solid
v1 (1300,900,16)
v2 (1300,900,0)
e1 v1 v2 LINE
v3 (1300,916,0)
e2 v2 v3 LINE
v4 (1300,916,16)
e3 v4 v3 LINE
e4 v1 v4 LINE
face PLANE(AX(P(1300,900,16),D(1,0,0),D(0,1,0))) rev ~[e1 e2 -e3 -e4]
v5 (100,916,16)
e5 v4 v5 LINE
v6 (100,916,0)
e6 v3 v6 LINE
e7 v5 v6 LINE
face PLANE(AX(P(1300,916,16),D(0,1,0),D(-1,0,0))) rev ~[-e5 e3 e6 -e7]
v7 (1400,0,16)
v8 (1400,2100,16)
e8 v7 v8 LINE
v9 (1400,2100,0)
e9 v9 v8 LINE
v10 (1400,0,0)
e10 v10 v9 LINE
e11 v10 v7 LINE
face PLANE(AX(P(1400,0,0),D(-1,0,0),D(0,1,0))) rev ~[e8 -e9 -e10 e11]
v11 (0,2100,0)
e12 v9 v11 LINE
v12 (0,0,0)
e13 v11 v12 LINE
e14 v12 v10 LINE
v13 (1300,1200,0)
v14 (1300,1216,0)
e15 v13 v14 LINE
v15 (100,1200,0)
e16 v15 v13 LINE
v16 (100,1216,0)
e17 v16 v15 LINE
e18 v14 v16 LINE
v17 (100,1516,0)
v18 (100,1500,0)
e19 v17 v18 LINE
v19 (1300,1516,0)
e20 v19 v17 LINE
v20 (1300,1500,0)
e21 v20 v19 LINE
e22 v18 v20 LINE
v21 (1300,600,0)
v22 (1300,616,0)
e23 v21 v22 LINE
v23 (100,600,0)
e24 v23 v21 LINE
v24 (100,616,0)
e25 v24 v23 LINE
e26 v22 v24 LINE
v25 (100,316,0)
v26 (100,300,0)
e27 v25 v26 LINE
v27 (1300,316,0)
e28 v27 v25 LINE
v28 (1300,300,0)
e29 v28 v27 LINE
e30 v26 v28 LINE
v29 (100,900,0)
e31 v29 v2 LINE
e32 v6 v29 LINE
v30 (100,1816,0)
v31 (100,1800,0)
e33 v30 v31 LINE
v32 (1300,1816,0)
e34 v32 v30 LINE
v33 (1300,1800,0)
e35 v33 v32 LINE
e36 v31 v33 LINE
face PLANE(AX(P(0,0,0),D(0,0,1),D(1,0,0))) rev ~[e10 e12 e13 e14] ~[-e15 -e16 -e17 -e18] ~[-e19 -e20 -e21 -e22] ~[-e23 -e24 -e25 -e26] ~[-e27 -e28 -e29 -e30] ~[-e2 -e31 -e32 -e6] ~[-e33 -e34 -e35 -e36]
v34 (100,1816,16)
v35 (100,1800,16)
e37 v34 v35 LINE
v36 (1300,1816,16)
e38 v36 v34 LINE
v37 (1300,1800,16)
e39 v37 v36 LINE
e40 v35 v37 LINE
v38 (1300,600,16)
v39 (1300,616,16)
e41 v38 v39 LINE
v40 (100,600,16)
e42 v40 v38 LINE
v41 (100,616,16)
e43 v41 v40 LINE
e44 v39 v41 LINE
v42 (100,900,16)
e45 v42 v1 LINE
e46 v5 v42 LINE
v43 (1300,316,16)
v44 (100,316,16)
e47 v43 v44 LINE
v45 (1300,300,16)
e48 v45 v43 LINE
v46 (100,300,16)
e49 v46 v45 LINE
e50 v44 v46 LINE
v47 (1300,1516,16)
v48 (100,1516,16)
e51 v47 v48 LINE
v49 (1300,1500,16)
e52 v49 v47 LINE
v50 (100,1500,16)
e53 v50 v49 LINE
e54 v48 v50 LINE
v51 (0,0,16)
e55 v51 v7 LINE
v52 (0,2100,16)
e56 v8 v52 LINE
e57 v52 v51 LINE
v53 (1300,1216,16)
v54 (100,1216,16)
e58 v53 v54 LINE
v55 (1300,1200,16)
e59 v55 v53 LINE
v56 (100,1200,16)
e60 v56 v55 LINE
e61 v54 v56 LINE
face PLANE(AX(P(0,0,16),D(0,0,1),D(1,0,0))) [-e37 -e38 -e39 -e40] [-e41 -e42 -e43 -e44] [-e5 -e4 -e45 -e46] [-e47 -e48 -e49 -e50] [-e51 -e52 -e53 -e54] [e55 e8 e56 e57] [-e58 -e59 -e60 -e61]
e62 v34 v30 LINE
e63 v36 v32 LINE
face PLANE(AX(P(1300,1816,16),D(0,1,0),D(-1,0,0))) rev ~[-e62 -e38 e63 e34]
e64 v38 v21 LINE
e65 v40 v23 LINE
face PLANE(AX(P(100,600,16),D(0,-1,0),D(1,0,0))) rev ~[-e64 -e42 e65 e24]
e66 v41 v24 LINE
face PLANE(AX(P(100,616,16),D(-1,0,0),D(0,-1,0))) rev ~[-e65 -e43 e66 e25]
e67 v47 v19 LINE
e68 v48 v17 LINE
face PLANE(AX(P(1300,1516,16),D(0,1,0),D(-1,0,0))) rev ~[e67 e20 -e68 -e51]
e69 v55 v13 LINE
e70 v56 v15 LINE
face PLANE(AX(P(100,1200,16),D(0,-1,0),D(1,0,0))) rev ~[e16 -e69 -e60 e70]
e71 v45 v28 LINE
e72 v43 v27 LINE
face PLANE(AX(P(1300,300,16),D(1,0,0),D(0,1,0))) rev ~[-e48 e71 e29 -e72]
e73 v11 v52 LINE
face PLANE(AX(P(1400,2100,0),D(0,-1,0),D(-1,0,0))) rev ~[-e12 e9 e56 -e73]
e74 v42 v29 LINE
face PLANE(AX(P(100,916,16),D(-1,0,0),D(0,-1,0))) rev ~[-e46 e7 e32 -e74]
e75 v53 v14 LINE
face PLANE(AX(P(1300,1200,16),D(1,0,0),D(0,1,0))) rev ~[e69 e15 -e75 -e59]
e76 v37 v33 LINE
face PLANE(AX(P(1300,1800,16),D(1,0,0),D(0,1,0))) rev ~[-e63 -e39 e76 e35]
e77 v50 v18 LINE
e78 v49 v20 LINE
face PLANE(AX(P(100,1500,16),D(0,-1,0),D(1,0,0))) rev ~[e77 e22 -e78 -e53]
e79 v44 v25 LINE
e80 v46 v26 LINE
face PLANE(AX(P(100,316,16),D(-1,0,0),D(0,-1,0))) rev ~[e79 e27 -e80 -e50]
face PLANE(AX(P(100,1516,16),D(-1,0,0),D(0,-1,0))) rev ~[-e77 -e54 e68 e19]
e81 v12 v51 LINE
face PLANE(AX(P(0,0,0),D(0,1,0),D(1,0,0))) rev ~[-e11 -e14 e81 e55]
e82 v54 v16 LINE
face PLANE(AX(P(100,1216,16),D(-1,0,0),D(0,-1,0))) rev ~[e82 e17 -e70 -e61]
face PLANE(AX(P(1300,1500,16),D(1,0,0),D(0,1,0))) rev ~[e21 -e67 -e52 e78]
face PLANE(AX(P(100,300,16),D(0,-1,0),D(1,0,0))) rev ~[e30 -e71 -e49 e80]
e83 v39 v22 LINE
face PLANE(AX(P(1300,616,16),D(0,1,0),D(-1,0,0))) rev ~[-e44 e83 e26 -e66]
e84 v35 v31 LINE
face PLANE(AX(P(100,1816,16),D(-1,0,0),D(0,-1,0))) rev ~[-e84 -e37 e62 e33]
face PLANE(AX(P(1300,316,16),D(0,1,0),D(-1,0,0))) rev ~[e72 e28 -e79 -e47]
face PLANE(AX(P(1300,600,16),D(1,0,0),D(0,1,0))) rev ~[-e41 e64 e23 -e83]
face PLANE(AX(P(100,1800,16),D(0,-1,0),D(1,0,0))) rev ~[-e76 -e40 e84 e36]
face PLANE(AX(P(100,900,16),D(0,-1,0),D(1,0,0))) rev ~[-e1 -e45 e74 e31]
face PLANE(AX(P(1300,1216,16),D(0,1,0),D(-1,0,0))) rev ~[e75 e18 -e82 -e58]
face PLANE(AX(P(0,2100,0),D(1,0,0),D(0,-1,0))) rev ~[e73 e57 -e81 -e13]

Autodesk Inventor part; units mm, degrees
ref_plane "YZ Plane" through (0, 0, 0) normal (1, 0, 0) x (0, 1, 0)
ref_plane "XZ Plane" through (0, 0, 0) normal (0, 1, 0) x (-1, 0, 0)
ref_plane "XY Plane" through (0, 0, 0) normal (0, 0, 1) x (1, 0, 0)
sketch "Sketch1" plane through (0, 0, 0) normal (0, 0, 1) x (1, 0, 0)
  line L0 (0, 0) -> (1400, 0)
  line L1 (1400, 0) -> (1400, 2100)
  line L2 (1400, 2100) -> (0, 2100)
  line L3 (0, 2100) -> (0, 0)
  dimension "d0" = 1400
  dimension "d1" = 2100
extrude "Extrusion1" add sketch "Sketch1" along normal blind 16
sketch "Sketch2" plane through (0, 0, 16) normal (0, 0, 1) x (1, 0, 0)
  line L0 (1400, 0) -> (1400, 2100) projected
  line L1 (0, 2100) -> (0, 0) projected
  line L2 (0, 0) -> (1400, 0) projected
  line L3 (0, 0) -> (100, 0)
  line L4 (100, 0) -> (100, 300)
  line L5 (100, 300) -> (0, 300)
  line L6 (0, 300) -> (0, 0)
  line L7 (100, 300) -> (1300, 300)
  line L8 (1300, 300) -> (1300, 316)
  line L9 (1300, 316) -> (100, 316)
  line L10 (100, 316) -> (100, 300)
  line L11 (100, 600) -> (1300, 600)
  line L12 (1300, 616) -> (100, 616)
  line L13 (100, 616) -> (100, 600)
  line L14 (1300, 600) -> (1300, 616)
  line L15 (100, 900) -> (1300, 900)
  line L16 (1300, 916) -> (100, 916)
  line L17 (100, 916) -> (100, 900)
  line L18 (1300, 900) -> (1300, 916)
  line L19 (100, 1200) -> (1300, 1200)
  line L20 (1300, 1216) -> (100, 1216)
  line L21 (100, 1216) -> (100, 1200)
  line L22 (1300, 1200) -> (1300, 1216)
  line L23 (100, 1500) -> (1300, 1500)
  line L24 (1300, 1516) -> (100, 1516)
  line L25 (100, 1516) -> (100, 1500)
  line L26 (1300, 1500) -> (1300, 1516)
  line L27 (100, 1800) -> (1300, 1800)
  line L28 (1300, 1816) -> (100, 1816)
  line L29 (100, 1816) -> (100, 1800)
  line L30 (1300, 1800) -> (1300, 1816)
  dimension "d4" = 1400
  dimension "d5" = 100
  dimension "d6" = 300
  dimension "d7" = 1200
  dimension "d8" = 16
  dimension "d13" = 300
extrude "Extrusion2" cut sketch "Sketch2" against normal blind 16 contours L10 L9 L8 L7 | L13 L12 L14 L11 | L17 L16 L18 L15 | L21 L20 L22 L19 | L25 L24 L26 L23 | L29 L28 L30 L27
properties part number "panel"
